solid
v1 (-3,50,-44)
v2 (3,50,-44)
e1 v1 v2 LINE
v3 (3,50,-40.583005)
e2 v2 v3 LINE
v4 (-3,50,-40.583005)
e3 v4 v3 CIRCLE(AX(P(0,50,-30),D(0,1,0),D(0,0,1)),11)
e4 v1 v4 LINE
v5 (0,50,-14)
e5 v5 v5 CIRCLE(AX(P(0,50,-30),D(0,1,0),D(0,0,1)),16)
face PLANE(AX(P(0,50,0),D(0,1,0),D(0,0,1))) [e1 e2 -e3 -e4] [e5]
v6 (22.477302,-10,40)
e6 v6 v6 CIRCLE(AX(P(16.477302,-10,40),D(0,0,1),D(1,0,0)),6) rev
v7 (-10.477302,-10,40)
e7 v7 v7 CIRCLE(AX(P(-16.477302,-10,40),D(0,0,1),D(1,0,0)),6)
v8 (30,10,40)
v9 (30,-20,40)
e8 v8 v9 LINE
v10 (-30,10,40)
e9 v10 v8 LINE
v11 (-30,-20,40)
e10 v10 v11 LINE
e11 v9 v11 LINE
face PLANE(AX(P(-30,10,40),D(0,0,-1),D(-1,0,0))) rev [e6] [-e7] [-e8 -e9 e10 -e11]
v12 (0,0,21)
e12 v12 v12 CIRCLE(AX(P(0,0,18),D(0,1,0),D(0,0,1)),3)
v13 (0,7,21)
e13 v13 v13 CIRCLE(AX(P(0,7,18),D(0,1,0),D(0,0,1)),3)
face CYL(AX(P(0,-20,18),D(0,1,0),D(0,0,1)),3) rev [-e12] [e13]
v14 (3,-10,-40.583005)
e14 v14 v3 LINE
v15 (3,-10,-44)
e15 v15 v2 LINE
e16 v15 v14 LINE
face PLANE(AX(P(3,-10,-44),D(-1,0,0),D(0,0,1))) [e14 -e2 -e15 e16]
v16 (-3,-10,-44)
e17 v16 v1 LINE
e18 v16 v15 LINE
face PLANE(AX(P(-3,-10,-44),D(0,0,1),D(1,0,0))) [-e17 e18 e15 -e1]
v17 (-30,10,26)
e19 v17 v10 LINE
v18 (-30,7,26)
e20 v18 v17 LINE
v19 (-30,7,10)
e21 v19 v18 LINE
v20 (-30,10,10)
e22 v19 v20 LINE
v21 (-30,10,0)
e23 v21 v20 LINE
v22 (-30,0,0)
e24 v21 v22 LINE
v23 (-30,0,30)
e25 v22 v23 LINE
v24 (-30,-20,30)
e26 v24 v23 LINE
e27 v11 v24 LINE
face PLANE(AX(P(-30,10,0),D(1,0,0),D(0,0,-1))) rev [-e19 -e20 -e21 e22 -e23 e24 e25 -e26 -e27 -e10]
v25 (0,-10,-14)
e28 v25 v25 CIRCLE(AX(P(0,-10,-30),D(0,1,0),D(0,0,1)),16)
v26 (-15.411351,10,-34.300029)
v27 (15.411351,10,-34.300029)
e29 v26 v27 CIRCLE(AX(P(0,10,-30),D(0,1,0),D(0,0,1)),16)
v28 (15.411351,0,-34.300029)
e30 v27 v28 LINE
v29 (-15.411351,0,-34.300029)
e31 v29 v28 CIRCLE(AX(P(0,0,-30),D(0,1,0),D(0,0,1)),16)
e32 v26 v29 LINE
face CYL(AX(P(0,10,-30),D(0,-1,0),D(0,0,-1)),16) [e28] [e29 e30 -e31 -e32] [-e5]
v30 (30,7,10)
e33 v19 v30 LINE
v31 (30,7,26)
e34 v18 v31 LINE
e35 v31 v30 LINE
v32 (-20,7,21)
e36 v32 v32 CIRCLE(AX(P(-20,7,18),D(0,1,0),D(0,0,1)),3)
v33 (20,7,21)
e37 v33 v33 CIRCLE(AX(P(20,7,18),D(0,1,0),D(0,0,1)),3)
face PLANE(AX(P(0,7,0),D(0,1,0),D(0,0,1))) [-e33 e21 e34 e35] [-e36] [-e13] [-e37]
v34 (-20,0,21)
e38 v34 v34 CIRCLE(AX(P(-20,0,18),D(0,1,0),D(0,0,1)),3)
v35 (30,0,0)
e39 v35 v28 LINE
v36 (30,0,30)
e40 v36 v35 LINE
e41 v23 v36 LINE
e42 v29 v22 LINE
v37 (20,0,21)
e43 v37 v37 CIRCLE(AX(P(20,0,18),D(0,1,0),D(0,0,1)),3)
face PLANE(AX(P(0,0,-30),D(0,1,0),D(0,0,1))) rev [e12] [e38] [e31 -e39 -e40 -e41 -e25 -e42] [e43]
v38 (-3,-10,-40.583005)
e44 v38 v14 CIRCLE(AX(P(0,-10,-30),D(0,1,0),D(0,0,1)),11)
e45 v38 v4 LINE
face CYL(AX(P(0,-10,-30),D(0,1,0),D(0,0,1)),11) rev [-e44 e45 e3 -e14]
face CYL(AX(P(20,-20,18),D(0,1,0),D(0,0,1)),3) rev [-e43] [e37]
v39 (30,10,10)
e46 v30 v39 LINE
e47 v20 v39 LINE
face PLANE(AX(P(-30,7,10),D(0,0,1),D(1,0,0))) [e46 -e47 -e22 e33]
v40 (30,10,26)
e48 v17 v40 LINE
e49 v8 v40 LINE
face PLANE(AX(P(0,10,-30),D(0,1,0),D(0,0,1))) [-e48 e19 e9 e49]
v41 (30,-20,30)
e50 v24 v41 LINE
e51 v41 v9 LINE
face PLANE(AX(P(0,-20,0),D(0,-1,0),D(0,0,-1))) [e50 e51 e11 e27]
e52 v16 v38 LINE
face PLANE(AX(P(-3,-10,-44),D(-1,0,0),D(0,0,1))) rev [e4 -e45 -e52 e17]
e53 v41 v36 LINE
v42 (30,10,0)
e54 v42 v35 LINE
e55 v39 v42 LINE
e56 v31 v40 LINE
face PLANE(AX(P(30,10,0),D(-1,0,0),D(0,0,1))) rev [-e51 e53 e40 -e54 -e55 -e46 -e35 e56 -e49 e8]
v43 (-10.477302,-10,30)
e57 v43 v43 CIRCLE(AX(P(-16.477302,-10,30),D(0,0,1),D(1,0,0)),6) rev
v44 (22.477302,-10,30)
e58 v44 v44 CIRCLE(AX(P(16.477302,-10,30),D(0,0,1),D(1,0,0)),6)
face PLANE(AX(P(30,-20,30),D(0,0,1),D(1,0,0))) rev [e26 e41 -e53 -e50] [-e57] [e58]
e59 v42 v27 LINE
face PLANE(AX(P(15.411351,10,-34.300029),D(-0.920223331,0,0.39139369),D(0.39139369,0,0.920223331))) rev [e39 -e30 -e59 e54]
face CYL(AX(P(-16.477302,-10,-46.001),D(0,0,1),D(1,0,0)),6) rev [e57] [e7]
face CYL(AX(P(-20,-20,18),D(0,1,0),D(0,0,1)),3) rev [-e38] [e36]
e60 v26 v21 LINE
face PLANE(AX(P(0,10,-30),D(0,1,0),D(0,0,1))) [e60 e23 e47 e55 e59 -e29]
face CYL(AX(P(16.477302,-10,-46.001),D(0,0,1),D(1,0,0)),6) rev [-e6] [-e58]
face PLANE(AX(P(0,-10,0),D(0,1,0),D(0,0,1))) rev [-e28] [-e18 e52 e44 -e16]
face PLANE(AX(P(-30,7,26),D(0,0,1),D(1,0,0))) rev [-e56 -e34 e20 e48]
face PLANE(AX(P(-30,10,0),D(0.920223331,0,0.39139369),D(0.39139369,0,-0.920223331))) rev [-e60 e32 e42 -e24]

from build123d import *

# Parameters (mm, degrees)
BOSS_EXTRUDE1_DEPTH      = 10
BOSS_EXTRUDE2_DEPTH      = 40
BOSS_EXTRUDE2_DEPTH_BACK = 20
CUT_EXTRUDE1_DEPTH       = 61
SKETCH5_W                = 60
SKETCH5_H                = 10
BOSS_EXTRUDE3_DEPTH      = 20
CUT_EXTRUDE2_REACH       = 88
SKETCH6_R                = 6
SKETCH9_W                = 60
SKETCH9_H                = 16
SKETCH9_R                = 3
CUT_EXTRUDE4_DEPTH       = 3
SKETCH10_R               = 3
CUT_EXTRUDE5_DEPTH       = 38


with BuildPart() as part:
    # Sketch1 → Boss-Extrude1 (new body)
    with BuildSketch(Plane(origin=(0, 0, 0), x_dir=(1, 0, 0), z_dir=(0, 1, 0))):
        with BuildLine():
            Line((-30, 0), (-15.411351, 34.300029))
            ThreePointArc((-15.411351, 34.300029), (0, 46), (15.411351, 34.300029))
            Line((15.411351, 34.300029), (30, 0))
            Line((30, 0), (30, -40))
            Line((30, -40), (-30, -40))
            Line((-30, -40), (-30, 0))
        make_face()
    extrude(amount=BOSS_EXTRUDE1_DEPTH)

    # Sketch2 → Boss-Extrude2 (add, two sides)
    with BuildSketch(Plane(origin=(0, 10, 0), x_dir=(1, 0, 0), z_dir=(0, 1, 0))) as boss_extrude2_sk:
        with BuildLine():
            ThreePointArc((15.411351, 34.300029), (0, 46), (-15.411351, 34.300029))
            ThreePointArc((-15.411351, 34.300029), (-2.170066, 14.147845), (16, 30))
            ThreePointArc((16, 30), (15.852155, 32.170066), (15.411351, 34.300029))
        make_face()
    extrude(amount=BOSS_EXTRUDE2_DEPTH)
    extrude(boss_extrude2_sk.sketch, amount=-BOSS_EXTRUDE2_DEPTH_BACK)

    # Sketch3 → Cut-Extrude1 (cut, through all)
    with BuildSketch(Plane(origin=(0, 50, 0), x_dir=(1, 0, 0), z_dir=(0, 1, 0))):
        with BuildLine():
            Line((-3, 44), (3, 44))
            Line((3, 44), (3, 40.583005))
            ThreePointArc((3, 40.583005), (0, 19), (-3, 40.583005))
            Line((-3, 40.583005), (-3, 44))
        make_face()
    extrude(amount=-CUT_EXTRUDE1_DEPTH, mode=Mode.SUBTRACT)

    # Sketch5 → Boss-Extrude3 (add)
    with BuildSketch(Plane(origin=(0, 0, 0), x_dir=(-1, 0, 0), z_dir=(0, -1, 0))):
        with Locations((0, -35)):
            Rectangle(SKETCH5_W, SKETCH5_H)
    extrude(amount=BOSS_EXTRUDE3_DEPTH)

    # Sketch6 → Cut-Extrude2 (cut, up to next)
    with BuildSketch(Plane.XY.offset(40), mode=Mode.PRIVATE) as cut_extrude2_sk1:
        with Locations((16.477302, -10)):
            Circle(SKETCH6_R)
    cut_extrude2_tool1 = extrude(cut_extrude2_sk1.sketch, amount=-CUT_EXTRUDE2_REACH, mode=Mode.PRIVATE) & part.part
    add(cut_extrude2_tool1.solids().sort_by_distance((16.477302, -10, 40))[0], mode=Mode.SUBTRACT)
    # Sketch6 → Cut-Extrude2 (cut, up to next)
    with BuildSketch(Plane.XY.offset(40), mode=Mode.PRIVATE) as cut_extrude2_sk2:
        with Locations((-16.477302, -10)):
            Circle(SKETCH6_R)
    cut_extrude2_tool2 = extrude(cut_extrude2_sk2.sketch, amount=-CUT_EXTRUDE2_REACH, mode=Mode.PRIVATE) & part.part
    add(cut_extrude2_tool2.solids().sort_by_distance((-16.477302, -10, 40))[0], mode=Mode.SUBTRACT)

    # Sketch9 → Cut-Extrude4 (cut)
    with BuildSketch(Plane(origin=(0, 10, 0), x_dir=(1, 0, 0), z_dir=(0, 1, 0))):
        with Locations((0, -18)):
            Rectangle(SKETCH9_W, SKETCH9_H)
        with Locations((0, -18)):
            Circle(SKETCH9_R, mode=Mode.SUBTRACT)
        with Locations((20, -18)):
            Circle(SKETCH9_R, mode=Mode.SUBTRACT)
        with Locations((-20, -18)):
            Circle(SKETCH9_R, mode=Mode.SUBTRACT)
    extrude(amount=-CUT_EXTRUDE4_DEPTH, mode=Mode.SUBTRACT)

    # Sketch10 → Cut-Extrude5 (cut, through all)
    with BuildSketch(Plane(origin=(0, 17, 0), x_dir=(1, 0, 0), z_dir=(0, 1, 0))):
        with Locations((20, -18)):
            Circle(SKETCH10_R)
        with Locations((0, -18)):
            Circle(SKETCH10_R)
        with Locations((-20, -18)):
            Circle(SKETCH10_R)
    extrude(amount=-CUT_EXTRUDE5_DEPTH, mode=Mode.SUBTRACT)


solid = part.part
